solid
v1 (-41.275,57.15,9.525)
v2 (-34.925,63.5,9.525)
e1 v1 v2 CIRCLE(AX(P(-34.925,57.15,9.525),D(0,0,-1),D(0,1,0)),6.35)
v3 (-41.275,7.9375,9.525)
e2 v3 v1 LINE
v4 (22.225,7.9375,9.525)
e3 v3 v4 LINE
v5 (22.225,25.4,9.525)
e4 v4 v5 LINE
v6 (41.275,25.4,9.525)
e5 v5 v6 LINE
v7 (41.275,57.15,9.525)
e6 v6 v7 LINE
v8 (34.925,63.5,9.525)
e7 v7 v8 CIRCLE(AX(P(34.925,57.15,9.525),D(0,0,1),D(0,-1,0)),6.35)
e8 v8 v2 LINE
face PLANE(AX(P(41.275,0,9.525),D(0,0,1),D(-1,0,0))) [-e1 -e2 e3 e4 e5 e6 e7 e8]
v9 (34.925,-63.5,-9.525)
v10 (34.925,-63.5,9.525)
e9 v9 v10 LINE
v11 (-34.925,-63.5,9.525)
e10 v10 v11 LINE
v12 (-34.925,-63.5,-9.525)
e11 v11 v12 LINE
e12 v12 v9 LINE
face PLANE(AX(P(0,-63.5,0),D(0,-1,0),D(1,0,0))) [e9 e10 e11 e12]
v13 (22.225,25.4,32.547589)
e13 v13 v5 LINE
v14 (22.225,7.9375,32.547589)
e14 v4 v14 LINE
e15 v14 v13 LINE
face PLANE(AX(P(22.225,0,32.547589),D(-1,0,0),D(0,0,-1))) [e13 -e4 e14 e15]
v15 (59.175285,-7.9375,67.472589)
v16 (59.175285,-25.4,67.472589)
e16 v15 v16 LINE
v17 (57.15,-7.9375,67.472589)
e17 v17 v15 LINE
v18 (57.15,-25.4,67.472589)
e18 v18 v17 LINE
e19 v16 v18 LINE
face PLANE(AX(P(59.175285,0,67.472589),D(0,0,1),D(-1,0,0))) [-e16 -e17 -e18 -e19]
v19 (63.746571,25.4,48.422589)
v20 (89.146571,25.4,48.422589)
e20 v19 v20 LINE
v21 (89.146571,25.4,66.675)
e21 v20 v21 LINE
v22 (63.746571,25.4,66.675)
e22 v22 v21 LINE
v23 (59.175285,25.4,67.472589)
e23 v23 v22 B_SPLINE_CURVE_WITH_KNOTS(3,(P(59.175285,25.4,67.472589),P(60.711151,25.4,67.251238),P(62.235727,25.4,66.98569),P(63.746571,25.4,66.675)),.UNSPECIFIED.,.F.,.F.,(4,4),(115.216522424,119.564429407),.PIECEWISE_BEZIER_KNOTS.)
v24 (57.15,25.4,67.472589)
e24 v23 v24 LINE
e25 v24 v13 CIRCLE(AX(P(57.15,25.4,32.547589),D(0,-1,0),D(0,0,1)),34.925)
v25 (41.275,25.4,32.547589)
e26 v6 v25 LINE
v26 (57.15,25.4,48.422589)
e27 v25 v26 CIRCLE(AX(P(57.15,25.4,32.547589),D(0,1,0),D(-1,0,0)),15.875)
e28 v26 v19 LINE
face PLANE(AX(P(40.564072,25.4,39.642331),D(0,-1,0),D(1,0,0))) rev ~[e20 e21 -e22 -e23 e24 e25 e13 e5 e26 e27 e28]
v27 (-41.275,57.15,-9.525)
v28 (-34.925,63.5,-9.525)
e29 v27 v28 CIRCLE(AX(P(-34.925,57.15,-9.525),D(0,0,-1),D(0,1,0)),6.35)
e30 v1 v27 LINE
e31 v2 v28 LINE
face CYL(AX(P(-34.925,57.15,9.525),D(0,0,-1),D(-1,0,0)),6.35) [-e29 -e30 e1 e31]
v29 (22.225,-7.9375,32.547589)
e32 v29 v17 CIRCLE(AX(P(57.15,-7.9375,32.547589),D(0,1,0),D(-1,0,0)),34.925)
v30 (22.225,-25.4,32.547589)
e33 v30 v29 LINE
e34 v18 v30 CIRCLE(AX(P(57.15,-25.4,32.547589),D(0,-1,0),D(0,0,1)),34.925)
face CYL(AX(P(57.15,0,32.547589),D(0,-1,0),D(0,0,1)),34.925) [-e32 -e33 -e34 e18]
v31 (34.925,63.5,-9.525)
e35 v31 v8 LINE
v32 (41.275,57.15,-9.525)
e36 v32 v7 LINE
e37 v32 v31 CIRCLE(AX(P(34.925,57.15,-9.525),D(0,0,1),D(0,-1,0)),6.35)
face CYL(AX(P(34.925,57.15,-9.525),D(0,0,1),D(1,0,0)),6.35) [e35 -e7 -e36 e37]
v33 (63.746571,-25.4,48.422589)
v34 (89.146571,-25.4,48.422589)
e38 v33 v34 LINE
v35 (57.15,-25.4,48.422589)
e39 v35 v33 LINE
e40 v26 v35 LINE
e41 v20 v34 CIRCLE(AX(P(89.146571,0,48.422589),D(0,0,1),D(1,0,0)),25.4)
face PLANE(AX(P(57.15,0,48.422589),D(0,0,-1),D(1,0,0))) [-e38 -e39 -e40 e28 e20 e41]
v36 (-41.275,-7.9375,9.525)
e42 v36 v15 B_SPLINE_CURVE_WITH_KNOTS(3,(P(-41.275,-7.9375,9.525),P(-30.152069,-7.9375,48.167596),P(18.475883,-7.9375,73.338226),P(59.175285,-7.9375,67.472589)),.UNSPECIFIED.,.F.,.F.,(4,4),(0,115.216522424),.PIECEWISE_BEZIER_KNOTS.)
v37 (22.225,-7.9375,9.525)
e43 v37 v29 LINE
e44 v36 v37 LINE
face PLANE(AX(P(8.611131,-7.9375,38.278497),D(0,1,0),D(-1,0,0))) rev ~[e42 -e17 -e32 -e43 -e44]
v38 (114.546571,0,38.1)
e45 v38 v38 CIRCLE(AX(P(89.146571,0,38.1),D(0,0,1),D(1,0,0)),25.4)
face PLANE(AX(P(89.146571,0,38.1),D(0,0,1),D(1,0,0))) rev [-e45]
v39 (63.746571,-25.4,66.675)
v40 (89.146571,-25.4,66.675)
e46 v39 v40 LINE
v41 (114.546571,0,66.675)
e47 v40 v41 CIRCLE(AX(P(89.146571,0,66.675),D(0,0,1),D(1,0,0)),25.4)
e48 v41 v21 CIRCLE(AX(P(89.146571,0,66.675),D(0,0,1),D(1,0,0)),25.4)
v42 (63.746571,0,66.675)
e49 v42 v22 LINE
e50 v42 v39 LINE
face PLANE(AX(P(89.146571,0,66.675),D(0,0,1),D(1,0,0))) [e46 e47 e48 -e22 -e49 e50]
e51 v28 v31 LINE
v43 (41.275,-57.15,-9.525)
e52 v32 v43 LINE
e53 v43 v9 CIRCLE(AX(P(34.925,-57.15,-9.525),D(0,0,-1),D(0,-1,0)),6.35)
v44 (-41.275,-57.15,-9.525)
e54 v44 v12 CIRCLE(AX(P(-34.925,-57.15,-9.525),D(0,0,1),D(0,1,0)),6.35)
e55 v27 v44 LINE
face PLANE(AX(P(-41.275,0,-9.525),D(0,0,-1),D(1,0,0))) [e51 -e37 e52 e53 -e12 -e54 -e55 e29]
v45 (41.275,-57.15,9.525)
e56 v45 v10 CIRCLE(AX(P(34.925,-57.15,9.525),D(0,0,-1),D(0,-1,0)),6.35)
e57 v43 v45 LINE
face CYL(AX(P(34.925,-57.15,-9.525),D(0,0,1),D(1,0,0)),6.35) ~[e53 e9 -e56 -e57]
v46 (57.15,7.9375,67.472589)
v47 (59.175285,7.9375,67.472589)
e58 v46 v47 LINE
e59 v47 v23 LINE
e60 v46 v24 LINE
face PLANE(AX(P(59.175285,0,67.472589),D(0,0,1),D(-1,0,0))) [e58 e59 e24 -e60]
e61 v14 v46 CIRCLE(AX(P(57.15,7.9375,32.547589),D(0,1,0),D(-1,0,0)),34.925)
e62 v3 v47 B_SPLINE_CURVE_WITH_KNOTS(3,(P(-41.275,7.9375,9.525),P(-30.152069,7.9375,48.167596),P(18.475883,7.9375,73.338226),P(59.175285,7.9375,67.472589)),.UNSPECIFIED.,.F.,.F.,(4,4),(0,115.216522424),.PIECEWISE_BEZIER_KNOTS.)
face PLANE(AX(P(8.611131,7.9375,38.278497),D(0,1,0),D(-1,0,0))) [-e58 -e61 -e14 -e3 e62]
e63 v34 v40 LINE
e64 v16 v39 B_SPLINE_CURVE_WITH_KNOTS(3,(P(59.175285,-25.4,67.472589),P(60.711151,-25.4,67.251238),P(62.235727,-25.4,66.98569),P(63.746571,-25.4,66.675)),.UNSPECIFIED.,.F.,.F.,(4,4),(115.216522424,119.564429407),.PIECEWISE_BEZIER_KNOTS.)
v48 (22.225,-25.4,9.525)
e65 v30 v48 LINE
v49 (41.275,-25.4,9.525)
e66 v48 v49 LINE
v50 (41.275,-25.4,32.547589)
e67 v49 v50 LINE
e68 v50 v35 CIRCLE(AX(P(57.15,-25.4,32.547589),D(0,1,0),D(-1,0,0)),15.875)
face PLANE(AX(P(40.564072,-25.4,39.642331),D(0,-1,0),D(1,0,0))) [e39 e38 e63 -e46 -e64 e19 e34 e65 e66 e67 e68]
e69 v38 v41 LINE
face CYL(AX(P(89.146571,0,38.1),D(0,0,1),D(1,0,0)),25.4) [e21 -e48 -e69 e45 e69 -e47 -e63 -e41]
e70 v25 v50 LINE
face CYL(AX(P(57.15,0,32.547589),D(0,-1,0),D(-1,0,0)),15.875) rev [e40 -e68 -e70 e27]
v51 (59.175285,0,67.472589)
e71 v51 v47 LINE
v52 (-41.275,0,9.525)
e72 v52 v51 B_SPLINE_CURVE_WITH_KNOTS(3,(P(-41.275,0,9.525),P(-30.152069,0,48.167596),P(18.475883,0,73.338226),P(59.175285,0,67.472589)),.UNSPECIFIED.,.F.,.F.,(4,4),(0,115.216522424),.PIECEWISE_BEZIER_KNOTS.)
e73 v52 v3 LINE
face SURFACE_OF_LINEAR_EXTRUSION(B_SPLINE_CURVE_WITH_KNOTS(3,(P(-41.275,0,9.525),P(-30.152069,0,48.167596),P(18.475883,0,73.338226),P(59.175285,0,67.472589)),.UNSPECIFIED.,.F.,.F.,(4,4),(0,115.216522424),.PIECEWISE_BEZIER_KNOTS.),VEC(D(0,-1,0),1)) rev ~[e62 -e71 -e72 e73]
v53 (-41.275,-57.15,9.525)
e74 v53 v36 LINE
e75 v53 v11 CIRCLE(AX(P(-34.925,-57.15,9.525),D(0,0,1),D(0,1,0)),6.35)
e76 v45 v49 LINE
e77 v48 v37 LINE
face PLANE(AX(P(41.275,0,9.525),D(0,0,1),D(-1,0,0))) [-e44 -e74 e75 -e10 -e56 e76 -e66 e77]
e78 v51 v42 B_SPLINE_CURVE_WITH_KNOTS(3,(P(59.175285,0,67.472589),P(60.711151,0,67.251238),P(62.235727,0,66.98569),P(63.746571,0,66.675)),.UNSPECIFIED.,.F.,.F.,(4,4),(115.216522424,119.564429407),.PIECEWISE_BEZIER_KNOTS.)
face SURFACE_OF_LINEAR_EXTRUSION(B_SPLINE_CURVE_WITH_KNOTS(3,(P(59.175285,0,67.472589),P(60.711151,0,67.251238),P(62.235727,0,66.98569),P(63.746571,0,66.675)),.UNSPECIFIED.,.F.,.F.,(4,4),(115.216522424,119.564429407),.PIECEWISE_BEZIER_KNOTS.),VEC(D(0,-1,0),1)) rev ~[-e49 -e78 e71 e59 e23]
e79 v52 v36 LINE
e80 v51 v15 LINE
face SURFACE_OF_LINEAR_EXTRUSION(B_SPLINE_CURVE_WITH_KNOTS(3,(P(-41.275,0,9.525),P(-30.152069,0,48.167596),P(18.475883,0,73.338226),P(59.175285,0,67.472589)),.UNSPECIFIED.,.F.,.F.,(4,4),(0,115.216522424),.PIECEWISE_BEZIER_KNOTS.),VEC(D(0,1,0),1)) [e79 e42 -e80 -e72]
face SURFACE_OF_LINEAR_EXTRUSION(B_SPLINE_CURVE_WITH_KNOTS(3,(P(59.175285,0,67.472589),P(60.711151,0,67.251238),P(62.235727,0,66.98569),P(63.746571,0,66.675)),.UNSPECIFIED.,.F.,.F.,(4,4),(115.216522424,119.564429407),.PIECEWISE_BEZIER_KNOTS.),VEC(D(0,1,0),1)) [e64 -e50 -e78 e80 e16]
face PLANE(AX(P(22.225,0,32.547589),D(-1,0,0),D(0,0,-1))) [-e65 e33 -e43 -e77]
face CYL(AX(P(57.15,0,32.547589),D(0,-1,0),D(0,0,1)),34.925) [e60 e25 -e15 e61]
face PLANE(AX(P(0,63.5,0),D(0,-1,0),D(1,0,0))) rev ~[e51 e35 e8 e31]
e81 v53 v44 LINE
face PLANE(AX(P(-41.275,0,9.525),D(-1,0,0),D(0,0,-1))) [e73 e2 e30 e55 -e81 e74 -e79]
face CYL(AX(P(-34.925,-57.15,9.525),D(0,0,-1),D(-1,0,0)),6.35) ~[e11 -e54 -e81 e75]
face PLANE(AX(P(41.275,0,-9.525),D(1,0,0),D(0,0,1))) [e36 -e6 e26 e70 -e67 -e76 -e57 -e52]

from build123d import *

# Parameters (mm, degrees)
F1_DEPTH = 63.5
F0_W     = 25.4
F0_H     = 18.2524110483
F2_DEPTH = 25.4
F3_DEPTH = 7.9375
F5_R     = 6.35


with BuildPart() as f1:
    # F0 (on Front) → F1 (new body, symmetric)
    with BuildSketch(Plane.XZ):
        Polygon((-41.275, 9.525), (-41.275, -9.525), (41.275, -9.525), (41.275, 9.525), (22.225, 9.525), align=None)
    extrude(amount=F1_DEPTH, both=True)

    # F0 (on Front) → F2 (join, symmetric)
    with BuildSketch(Plane.XZ):
        with BuildLine():
            Line((22.225, 9.525), (41.275, 9.525))
            Line((41.275, 9.525), (41.275, 32.5475889517))
            ThreePointArc((41.275, 32.5475889517), (45.9246798487, 43.772909103), (57.15, 48.4225889517))
            Line((57.15, 48.4225889517), (63.746570544, 48.4225889517))
            Line((63.746570544, 48.4225889517), (63.746570544, 66.675))
            add(Edge.make_bspline(
                [(59.1752846606, 67.4725889517), (60.7111512881, 67.2512383806), (62.2357271137, 66.985690031), (63.746570544, 66.675)],
                knots=[115.2165224238, 115.2165224238, 115.2165224238, 115.2165224238, 119.5644294074, 119.5644294074, 119.5644294074, 119.5644294074], degree=3))
            Line((59.1752846606, 67.4725889517), (57.15, 67.4725889517))
            ThreePointArc((57.15, 67.4725889517), (32.4542956671, 57.2432932846), (22.225, 32.5475889517))
            Line((22.225, 32.5475889517), (22.225, 9.525))
        make_face()
        with Locations((76.446570544, 57.5487944758)):
            Rectangle(F0_W, F0_H)
    extrude(amount=F2_DEPTH, both=True)

    # F0 (on Front) → F3 (join, symmetric)
    with BuildSketch(Plane.XZ):
        with BuildLine():
            add(Edge.make_bspline(
                [(-41.275, 9.525), (-30.1520692278, 48.1675955618), (18.4758832255, 73.3382257116), (59.1752846606, 67.4725889517)],
                knots=[0, 0, 0, 0, 115.2165224238, 115.2165224238, 115.2165224238, 115.2165224238], degree=3))
            Line((-41.275, 9.525), (22.225, 9.525))
            Line((22.225, 9.525), (22.225, 32.5475889517))
            ThreePointArc((22.225, 32.5475889517), (32.4542956671, 57.2432932846), (57.15, 67.4725889517))
            Line((57.15, 67.4725889517), (59.1752846606, 67.4725889517))
        make_face()
    extrude(amount=F3_DEPTH, both=True)

    # F0 (on Front) → F4 (revolve)
    with BuildSketch(Plane.XZ):
        Polygon((114.546570544, 66.675), (89.146570544, 66.675), (89.146570544, 48.4225889517), (89.146570544, 38.1), (114.546570544, 38.1), align=None)
    revolve(axis=Axis((89.146570544, 0, 52.7862944758), (0, 0, 1)))

    # F5
    f5_edges = [f1.edges().sort_by_distance(p)[0] for p in [
        (41.275, -63.5, 0),
        (-41.275, -63.5, 0),
        (41.275, 63.5, 0),
        (-41.275, 63.5, 0),
    ]]
    fillet(f5_edges, radius=F5_R)


solid = f1.part
